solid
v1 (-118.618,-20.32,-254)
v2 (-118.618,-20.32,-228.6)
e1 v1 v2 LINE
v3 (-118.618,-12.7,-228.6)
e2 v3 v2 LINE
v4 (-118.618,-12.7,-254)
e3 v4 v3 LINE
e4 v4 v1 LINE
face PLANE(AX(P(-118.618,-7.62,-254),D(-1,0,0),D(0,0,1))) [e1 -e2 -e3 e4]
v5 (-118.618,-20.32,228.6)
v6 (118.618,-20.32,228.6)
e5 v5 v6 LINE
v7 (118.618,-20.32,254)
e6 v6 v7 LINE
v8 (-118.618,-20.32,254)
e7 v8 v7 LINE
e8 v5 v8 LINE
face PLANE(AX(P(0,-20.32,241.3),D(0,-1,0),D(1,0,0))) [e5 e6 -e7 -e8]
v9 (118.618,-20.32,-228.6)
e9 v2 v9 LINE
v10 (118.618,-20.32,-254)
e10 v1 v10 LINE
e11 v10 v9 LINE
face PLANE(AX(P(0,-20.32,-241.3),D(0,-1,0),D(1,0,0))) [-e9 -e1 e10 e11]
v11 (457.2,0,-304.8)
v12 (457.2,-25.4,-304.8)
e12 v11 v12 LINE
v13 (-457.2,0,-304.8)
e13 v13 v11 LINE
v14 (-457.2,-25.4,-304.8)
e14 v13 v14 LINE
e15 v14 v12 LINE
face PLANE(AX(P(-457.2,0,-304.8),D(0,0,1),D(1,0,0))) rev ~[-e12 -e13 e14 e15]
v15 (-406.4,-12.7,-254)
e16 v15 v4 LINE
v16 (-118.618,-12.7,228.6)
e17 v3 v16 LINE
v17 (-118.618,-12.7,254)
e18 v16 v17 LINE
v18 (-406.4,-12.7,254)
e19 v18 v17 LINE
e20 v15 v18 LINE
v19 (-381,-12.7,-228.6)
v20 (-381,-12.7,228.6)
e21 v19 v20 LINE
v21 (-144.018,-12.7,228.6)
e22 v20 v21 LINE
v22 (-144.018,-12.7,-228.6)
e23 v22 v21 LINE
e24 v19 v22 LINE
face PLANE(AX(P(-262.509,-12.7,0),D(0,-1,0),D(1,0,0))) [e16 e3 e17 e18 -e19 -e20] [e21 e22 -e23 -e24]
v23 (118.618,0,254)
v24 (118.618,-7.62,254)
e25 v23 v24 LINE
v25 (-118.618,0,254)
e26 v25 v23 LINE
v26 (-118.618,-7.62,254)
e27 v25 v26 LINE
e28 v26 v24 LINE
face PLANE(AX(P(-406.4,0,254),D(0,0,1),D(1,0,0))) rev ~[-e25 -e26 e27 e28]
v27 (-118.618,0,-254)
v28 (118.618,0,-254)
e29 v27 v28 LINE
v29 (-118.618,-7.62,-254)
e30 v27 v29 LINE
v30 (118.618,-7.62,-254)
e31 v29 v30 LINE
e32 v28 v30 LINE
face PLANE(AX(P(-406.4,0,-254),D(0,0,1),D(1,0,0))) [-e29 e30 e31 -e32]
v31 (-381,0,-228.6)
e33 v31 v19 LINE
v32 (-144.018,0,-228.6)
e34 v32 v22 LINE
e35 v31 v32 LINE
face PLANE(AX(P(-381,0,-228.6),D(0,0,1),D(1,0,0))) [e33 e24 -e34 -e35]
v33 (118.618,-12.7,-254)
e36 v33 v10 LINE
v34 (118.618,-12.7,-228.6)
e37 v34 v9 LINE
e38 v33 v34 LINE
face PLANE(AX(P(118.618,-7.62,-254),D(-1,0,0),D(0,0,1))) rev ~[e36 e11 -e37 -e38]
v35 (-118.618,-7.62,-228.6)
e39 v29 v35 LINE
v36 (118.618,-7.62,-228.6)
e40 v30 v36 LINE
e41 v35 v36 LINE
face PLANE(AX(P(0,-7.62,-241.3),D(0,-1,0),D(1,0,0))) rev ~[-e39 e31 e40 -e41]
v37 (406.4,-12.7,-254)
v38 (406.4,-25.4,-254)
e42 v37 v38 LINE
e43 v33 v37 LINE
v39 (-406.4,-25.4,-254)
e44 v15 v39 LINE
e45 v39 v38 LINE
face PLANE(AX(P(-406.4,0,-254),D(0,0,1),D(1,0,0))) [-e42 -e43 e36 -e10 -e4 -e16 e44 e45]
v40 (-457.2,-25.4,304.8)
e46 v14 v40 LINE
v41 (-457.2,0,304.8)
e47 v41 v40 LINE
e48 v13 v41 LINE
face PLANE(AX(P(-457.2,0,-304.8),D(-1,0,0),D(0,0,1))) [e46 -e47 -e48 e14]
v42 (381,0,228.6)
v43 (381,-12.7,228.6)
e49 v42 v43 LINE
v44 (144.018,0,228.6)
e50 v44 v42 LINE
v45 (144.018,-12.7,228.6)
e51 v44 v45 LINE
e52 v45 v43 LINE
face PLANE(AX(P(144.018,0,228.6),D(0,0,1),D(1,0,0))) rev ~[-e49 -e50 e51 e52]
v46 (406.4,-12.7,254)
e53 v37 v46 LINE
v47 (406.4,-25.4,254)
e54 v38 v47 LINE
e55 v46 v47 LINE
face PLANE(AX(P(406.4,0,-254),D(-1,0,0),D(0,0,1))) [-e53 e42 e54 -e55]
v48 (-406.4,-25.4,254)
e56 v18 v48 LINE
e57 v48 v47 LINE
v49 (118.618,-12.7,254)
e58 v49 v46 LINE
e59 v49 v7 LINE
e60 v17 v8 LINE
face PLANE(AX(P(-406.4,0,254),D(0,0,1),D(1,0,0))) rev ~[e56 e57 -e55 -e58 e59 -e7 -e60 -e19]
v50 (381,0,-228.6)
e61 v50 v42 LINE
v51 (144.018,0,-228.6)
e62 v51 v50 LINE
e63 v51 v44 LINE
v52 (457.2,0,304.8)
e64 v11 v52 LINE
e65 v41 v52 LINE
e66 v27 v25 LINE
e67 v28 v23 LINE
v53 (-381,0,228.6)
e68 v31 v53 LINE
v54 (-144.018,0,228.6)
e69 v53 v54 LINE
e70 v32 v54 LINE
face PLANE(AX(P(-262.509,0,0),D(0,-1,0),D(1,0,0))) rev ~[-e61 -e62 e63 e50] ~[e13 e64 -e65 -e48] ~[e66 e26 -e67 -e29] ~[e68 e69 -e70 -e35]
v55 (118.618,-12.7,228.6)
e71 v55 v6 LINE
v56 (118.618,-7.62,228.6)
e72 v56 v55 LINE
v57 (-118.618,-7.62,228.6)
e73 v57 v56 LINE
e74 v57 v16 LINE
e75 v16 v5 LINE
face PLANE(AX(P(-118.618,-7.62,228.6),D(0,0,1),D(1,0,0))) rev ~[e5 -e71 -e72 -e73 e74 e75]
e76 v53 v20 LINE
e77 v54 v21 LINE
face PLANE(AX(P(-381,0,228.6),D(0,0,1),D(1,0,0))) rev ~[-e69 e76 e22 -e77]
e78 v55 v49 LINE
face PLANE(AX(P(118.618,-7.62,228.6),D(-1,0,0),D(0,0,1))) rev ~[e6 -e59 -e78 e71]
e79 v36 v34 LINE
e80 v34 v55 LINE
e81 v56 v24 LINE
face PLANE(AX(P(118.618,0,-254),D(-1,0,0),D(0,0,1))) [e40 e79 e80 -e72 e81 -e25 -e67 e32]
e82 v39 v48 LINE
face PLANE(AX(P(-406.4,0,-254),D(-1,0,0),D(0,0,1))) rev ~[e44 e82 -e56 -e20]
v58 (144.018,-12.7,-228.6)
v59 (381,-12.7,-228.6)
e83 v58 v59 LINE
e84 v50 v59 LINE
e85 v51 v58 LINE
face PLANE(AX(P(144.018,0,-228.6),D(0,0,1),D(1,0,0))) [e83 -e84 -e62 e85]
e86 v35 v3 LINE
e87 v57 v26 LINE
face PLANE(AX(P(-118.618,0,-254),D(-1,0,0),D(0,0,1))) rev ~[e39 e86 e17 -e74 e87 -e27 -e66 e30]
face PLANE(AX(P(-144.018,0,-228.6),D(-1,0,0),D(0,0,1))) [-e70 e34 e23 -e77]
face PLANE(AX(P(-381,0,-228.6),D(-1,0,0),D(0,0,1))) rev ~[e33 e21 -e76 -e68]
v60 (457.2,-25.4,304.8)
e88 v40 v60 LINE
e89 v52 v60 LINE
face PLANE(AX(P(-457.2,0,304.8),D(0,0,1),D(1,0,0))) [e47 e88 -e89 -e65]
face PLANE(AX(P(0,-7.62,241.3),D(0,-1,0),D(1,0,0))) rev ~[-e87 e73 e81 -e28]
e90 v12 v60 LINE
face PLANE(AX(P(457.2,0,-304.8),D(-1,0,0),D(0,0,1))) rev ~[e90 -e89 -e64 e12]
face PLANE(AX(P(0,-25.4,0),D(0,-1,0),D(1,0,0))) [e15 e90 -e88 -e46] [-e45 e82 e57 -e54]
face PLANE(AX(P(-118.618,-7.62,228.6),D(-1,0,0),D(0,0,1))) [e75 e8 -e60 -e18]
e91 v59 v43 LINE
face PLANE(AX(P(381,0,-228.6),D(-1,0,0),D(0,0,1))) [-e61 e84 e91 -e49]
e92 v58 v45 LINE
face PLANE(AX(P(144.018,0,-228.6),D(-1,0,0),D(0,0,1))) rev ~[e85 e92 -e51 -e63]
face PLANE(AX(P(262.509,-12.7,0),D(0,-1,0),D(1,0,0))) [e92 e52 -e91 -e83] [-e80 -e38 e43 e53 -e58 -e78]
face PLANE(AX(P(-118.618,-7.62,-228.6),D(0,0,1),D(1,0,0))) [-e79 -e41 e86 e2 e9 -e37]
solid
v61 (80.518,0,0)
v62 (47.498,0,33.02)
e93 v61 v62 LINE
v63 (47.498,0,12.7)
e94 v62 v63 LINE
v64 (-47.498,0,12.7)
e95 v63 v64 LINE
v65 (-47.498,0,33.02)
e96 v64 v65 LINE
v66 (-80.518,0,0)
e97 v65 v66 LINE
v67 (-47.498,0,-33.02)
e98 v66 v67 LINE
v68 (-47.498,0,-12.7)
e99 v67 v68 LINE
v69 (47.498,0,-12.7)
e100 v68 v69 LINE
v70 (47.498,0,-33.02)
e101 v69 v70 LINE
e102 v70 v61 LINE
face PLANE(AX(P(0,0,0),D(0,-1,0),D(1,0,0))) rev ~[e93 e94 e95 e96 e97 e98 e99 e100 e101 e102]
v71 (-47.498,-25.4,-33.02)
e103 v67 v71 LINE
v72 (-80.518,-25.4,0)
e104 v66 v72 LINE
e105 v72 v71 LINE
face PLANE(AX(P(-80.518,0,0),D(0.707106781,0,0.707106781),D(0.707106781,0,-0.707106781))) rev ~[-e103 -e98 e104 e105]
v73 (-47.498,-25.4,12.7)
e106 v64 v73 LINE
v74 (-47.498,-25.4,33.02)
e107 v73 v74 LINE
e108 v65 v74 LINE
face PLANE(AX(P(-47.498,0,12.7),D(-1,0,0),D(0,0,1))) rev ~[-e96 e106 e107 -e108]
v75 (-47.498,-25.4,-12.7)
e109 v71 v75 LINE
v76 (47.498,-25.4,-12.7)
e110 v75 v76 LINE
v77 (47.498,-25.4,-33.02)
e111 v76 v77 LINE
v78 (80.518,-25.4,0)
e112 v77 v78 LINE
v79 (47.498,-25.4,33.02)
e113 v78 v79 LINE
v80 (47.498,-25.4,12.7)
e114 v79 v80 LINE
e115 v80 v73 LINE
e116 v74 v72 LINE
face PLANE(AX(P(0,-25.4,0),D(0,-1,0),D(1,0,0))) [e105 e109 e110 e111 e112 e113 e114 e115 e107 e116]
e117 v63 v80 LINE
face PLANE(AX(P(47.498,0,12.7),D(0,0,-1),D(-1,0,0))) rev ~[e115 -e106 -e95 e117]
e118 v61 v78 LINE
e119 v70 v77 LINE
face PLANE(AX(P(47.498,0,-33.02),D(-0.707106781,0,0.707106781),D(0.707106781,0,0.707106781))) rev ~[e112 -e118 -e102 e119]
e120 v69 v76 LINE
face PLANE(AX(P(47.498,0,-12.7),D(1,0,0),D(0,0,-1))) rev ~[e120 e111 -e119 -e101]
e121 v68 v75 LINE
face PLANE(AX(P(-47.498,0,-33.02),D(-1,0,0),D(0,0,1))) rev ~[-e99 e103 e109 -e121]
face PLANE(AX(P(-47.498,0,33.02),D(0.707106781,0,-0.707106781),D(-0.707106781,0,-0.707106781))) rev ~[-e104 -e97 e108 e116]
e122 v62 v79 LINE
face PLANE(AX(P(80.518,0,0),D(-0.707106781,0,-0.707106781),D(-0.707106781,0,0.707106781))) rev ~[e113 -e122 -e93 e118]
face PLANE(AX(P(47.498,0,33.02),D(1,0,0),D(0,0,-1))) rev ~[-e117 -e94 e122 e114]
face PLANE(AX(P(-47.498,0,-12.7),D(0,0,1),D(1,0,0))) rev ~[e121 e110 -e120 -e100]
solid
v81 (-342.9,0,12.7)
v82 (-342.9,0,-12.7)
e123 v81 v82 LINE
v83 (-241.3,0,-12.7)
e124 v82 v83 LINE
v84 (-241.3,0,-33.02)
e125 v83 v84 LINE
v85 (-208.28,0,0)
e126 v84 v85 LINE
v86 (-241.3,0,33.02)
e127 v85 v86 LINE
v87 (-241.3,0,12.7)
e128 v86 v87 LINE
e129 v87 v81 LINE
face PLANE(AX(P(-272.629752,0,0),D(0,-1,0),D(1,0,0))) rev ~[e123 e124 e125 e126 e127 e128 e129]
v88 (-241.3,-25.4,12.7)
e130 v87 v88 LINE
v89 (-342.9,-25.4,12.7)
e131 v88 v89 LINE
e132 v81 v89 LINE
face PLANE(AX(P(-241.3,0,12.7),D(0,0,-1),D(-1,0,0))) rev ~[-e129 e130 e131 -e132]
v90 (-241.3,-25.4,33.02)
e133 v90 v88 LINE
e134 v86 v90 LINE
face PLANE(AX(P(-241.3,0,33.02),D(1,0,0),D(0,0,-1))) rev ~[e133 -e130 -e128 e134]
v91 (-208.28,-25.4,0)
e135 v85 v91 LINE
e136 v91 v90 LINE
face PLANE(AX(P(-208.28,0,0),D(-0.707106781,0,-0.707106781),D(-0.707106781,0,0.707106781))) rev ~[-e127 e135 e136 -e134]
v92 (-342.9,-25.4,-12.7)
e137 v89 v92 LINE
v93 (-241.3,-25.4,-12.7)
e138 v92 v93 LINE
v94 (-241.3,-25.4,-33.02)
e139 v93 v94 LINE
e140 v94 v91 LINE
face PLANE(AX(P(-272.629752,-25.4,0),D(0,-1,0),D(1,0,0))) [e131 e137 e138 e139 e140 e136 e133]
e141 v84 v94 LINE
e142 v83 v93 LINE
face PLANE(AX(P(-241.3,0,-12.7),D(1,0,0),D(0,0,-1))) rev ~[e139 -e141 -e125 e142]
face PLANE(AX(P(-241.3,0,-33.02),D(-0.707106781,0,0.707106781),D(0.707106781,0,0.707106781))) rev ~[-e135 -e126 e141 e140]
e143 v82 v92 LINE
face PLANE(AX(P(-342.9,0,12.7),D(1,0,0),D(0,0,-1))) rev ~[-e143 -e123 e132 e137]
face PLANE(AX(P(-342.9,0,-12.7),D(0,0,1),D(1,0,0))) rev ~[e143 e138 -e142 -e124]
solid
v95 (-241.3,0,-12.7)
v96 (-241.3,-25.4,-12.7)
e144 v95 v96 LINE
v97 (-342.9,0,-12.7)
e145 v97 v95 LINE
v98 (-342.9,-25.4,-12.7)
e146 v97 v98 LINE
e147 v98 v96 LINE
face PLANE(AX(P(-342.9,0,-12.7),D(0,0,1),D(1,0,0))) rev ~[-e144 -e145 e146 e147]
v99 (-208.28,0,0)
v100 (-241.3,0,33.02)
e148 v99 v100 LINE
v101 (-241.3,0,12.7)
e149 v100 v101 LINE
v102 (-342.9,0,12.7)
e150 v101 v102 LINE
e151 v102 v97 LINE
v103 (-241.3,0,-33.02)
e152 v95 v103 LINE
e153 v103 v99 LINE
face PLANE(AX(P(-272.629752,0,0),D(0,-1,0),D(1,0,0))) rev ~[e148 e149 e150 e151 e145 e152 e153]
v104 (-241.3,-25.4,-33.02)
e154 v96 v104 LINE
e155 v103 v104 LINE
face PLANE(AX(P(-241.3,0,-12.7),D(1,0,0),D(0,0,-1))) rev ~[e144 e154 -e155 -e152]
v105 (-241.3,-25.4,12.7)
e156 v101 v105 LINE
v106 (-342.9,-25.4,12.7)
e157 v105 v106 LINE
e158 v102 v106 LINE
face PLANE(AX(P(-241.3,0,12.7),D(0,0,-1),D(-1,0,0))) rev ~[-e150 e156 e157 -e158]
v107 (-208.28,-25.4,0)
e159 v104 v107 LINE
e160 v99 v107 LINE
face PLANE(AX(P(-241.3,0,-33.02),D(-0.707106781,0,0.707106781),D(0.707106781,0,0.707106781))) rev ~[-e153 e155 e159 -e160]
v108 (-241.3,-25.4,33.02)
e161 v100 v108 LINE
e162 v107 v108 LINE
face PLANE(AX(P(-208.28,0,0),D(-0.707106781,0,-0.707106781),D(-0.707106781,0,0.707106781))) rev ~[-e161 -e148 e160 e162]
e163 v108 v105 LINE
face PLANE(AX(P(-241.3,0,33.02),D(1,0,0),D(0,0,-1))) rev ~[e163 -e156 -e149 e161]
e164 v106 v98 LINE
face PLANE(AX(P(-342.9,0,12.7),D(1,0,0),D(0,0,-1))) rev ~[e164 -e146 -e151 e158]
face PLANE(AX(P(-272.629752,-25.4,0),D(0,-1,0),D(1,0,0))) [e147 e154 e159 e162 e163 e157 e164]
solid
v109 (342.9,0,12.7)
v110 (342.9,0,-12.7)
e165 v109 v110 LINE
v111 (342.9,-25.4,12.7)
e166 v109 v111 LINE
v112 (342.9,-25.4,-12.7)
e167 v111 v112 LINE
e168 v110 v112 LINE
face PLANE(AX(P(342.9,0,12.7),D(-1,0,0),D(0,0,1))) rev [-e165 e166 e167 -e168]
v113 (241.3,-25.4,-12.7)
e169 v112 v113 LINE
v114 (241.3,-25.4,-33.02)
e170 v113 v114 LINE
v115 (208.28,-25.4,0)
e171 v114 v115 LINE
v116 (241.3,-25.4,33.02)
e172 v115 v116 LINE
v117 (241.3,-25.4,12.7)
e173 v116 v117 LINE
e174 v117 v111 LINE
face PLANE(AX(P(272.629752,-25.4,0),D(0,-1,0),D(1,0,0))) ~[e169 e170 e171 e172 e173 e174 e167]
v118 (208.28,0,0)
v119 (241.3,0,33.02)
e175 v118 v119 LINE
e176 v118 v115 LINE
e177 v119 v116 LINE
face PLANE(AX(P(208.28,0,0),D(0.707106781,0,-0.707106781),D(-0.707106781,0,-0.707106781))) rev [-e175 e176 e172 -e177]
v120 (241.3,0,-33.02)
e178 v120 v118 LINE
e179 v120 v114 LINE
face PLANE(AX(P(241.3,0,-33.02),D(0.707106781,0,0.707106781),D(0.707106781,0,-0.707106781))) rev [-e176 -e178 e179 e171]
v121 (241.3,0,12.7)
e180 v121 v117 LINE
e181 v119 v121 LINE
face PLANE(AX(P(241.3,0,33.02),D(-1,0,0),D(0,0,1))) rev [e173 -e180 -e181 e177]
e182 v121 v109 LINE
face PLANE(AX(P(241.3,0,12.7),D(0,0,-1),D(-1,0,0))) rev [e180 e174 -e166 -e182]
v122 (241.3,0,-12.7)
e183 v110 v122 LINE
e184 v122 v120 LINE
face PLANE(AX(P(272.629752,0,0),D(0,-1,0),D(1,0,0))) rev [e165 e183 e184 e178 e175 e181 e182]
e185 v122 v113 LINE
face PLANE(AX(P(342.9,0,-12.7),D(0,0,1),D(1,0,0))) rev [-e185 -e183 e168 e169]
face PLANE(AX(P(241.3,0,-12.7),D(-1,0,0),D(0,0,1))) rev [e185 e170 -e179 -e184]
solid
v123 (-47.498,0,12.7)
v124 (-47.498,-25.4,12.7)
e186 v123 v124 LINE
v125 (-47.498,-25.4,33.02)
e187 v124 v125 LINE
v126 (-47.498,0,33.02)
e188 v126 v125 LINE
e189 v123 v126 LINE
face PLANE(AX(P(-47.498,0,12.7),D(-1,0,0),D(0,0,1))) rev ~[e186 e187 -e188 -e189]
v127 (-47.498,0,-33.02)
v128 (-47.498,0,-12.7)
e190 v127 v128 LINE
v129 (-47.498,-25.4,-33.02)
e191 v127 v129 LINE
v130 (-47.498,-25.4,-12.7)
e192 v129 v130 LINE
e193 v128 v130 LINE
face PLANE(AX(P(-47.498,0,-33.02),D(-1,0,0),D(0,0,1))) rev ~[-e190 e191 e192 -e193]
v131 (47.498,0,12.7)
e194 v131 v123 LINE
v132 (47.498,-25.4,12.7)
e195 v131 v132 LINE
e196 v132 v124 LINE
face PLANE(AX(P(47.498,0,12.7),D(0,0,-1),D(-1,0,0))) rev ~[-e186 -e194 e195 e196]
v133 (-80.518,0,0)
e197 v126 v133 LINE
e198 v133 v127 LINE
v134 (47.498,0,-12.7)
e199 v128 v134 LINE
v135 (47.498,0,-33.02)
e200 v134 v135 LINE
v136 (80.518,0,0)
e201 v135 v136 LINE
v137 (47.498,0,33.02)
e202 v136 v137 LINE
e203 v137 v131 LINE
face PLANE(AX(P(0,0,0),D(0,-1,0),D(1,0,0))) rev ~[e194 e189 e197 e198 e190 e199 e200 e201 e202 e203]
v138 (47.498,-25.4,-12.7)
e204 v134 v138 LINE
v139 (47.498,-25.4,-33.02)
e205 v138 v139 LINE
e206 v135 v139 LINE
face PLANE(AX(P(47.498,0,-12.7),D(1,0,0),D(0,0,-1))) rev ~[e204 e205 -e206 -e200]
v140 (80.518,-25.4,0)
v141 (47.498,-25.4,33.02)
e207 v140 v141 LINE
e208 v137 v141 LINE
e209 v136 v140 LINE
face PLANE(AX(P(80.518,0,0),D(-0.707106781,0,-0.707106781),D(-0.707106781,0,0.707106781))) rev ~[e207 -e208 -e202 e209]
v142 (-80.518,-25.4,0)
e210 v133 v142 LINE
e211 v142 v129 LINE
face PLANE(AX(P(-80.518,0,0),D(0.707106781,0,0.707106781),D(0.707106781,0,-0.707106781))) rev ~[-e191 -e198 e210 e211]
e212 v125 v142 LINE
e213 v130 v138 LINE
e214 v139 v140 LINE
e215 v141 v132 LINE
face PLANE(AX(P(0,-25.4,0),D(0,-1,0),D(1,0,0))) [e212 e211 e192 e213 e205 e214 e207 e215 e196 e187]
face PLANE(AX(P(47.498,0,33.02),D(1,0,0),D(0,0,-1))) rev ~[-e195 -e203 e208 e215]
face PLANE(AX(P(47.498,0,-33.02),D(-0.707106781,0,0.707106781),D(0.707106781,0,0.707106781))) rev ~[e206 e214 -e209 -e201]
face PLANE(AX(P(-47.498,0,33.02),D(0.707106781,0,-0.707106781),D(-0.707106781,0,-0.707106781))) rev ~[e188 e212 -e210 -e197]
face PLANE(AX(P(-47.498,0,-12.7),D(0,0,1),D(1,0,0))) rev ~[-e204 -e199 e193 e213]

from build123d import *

# Parameters (mm, degrees)
F0_W      = 914.4
F0_H      = 609.6
F0_W_2    = 812.8
F0_H_2    = 508
F1_DEPTH  = 25.4
F2_W      = 287.782
F2_H      = 508
F2_W_2    = 236.982
F2_H_2    = 457.2
F3_DEPTH  = 12.7
F5_DEPTH  = 25.4
F7_DEPTH  = 25.4
F9_W      = 237.236
F9_H      = 25.4
F10_DEPTH = 12.7


with BuildPart() as f1:
    # F0 (on Front) → F1 (new body)
    with BuildSketch(Plane.XZ):
        Rectangle(F0_W, F0_H)
        Rectangle(F0_W_2, F0_H_2, mode=Mode.SUBTRACT)
    extrude(amount=F1_DEPTH)

    # F2 (on Front) → F3 (join)
    with BuildSketch(Plane.XZ):
        with Locations((-262.509, 0)):
            Rectangle(F2_W, F2_H)
        with Locations((-262.509, 0)):
            Rectangle(F2_W_2, F2_H_2, mode=Mode.SUBTRACT)
        with Locations((262.509, 0)):
            Rectangle(F2_W, F2_H)
        with Locations((262.509, 0)):
            Rectangle(F2_W_2, F2_H_2, mode=Mode.SUBTRACT)
    extrude(amount=F3_DEPTH)

    # F9 (on offset) → F10 (join)
    with BuildSketch(Plane.XZ.offset(7.62)):
        with Locations((0, 241.3)):
            Rectangle(F9_W, F9_H)
        with Locations((0, -241.3)):
            Rectangle(F9_W, F9_H)
    extrude(amount=F10_DEPTH)


with BuildPart() as f5:
    # F4 (on Front) → F5 (new body)
    with BuildSketch(Plane.XZ):
        Polygon((-241.3, -33.02), (-208.28, 0), (-241.3, 33.02), (-241.3, 12.7), (-342.9, 12.7), (-342.9, -12.7), (-241.3, -12.7), align=None)
    extrude(amount=F5_DEPTH)


with BuildPart() as f5b:
    # F4 (on Front) → F5, piece 2 (new body)
    with BuildSketch(Plane.XZ):
        Polygon((0, 12.7), (-47.498, 12.7), (-47.498, 33.02), (-80.518, 0), (-47.498, -33.02), (-47.498, -12.7), (0, -12.7), (47.498, -12.7), (47.498, -33.02), (80.518, 0), (47.498, 33.02), (47.498, 12.7), align=None)
    extrude(amount=F5_DEPTH)


with BuildPart() as f6_1:
    # F6: instance of F5
    add(f5.part.mirror(Plane.YZ))


with BuildPart() as f7:
    # F4 (on Front) → F7 (new body)
    with BuildSketch(Plane.XZ):
        Polygon((-241.3, -33.02), (-208.28, 0), (-241.3, 33.02), (-241.3, 12.7), (-342.9, 12.7), (-342.9, -12.7), (-241.3, -12.7), align=None)
    extrude(amount=F7_DEPTH)


with BuildPart() as f7b:
    # F4 (on Front) → F7, piece 2 (new body)
    with BuildSketch(Plane.XZ):
        Polygon((0, 12.7), (-47.498, 12.7), (-47.498, 33.02), (-80.518, 0), (-47.498, -33.02), (-47.498, -12.7), (0, -12.7), (47.498, -12.7), (47.498, -33.02), (80.518, 0), (47.498, 33.02), (47.498, 12.7), align=None)
    extrude(amount=F7_DEPTH)


solid = Compound([f1.part, f5.part, f5b.part, f6_1.part, f7.part, f7b.part])
